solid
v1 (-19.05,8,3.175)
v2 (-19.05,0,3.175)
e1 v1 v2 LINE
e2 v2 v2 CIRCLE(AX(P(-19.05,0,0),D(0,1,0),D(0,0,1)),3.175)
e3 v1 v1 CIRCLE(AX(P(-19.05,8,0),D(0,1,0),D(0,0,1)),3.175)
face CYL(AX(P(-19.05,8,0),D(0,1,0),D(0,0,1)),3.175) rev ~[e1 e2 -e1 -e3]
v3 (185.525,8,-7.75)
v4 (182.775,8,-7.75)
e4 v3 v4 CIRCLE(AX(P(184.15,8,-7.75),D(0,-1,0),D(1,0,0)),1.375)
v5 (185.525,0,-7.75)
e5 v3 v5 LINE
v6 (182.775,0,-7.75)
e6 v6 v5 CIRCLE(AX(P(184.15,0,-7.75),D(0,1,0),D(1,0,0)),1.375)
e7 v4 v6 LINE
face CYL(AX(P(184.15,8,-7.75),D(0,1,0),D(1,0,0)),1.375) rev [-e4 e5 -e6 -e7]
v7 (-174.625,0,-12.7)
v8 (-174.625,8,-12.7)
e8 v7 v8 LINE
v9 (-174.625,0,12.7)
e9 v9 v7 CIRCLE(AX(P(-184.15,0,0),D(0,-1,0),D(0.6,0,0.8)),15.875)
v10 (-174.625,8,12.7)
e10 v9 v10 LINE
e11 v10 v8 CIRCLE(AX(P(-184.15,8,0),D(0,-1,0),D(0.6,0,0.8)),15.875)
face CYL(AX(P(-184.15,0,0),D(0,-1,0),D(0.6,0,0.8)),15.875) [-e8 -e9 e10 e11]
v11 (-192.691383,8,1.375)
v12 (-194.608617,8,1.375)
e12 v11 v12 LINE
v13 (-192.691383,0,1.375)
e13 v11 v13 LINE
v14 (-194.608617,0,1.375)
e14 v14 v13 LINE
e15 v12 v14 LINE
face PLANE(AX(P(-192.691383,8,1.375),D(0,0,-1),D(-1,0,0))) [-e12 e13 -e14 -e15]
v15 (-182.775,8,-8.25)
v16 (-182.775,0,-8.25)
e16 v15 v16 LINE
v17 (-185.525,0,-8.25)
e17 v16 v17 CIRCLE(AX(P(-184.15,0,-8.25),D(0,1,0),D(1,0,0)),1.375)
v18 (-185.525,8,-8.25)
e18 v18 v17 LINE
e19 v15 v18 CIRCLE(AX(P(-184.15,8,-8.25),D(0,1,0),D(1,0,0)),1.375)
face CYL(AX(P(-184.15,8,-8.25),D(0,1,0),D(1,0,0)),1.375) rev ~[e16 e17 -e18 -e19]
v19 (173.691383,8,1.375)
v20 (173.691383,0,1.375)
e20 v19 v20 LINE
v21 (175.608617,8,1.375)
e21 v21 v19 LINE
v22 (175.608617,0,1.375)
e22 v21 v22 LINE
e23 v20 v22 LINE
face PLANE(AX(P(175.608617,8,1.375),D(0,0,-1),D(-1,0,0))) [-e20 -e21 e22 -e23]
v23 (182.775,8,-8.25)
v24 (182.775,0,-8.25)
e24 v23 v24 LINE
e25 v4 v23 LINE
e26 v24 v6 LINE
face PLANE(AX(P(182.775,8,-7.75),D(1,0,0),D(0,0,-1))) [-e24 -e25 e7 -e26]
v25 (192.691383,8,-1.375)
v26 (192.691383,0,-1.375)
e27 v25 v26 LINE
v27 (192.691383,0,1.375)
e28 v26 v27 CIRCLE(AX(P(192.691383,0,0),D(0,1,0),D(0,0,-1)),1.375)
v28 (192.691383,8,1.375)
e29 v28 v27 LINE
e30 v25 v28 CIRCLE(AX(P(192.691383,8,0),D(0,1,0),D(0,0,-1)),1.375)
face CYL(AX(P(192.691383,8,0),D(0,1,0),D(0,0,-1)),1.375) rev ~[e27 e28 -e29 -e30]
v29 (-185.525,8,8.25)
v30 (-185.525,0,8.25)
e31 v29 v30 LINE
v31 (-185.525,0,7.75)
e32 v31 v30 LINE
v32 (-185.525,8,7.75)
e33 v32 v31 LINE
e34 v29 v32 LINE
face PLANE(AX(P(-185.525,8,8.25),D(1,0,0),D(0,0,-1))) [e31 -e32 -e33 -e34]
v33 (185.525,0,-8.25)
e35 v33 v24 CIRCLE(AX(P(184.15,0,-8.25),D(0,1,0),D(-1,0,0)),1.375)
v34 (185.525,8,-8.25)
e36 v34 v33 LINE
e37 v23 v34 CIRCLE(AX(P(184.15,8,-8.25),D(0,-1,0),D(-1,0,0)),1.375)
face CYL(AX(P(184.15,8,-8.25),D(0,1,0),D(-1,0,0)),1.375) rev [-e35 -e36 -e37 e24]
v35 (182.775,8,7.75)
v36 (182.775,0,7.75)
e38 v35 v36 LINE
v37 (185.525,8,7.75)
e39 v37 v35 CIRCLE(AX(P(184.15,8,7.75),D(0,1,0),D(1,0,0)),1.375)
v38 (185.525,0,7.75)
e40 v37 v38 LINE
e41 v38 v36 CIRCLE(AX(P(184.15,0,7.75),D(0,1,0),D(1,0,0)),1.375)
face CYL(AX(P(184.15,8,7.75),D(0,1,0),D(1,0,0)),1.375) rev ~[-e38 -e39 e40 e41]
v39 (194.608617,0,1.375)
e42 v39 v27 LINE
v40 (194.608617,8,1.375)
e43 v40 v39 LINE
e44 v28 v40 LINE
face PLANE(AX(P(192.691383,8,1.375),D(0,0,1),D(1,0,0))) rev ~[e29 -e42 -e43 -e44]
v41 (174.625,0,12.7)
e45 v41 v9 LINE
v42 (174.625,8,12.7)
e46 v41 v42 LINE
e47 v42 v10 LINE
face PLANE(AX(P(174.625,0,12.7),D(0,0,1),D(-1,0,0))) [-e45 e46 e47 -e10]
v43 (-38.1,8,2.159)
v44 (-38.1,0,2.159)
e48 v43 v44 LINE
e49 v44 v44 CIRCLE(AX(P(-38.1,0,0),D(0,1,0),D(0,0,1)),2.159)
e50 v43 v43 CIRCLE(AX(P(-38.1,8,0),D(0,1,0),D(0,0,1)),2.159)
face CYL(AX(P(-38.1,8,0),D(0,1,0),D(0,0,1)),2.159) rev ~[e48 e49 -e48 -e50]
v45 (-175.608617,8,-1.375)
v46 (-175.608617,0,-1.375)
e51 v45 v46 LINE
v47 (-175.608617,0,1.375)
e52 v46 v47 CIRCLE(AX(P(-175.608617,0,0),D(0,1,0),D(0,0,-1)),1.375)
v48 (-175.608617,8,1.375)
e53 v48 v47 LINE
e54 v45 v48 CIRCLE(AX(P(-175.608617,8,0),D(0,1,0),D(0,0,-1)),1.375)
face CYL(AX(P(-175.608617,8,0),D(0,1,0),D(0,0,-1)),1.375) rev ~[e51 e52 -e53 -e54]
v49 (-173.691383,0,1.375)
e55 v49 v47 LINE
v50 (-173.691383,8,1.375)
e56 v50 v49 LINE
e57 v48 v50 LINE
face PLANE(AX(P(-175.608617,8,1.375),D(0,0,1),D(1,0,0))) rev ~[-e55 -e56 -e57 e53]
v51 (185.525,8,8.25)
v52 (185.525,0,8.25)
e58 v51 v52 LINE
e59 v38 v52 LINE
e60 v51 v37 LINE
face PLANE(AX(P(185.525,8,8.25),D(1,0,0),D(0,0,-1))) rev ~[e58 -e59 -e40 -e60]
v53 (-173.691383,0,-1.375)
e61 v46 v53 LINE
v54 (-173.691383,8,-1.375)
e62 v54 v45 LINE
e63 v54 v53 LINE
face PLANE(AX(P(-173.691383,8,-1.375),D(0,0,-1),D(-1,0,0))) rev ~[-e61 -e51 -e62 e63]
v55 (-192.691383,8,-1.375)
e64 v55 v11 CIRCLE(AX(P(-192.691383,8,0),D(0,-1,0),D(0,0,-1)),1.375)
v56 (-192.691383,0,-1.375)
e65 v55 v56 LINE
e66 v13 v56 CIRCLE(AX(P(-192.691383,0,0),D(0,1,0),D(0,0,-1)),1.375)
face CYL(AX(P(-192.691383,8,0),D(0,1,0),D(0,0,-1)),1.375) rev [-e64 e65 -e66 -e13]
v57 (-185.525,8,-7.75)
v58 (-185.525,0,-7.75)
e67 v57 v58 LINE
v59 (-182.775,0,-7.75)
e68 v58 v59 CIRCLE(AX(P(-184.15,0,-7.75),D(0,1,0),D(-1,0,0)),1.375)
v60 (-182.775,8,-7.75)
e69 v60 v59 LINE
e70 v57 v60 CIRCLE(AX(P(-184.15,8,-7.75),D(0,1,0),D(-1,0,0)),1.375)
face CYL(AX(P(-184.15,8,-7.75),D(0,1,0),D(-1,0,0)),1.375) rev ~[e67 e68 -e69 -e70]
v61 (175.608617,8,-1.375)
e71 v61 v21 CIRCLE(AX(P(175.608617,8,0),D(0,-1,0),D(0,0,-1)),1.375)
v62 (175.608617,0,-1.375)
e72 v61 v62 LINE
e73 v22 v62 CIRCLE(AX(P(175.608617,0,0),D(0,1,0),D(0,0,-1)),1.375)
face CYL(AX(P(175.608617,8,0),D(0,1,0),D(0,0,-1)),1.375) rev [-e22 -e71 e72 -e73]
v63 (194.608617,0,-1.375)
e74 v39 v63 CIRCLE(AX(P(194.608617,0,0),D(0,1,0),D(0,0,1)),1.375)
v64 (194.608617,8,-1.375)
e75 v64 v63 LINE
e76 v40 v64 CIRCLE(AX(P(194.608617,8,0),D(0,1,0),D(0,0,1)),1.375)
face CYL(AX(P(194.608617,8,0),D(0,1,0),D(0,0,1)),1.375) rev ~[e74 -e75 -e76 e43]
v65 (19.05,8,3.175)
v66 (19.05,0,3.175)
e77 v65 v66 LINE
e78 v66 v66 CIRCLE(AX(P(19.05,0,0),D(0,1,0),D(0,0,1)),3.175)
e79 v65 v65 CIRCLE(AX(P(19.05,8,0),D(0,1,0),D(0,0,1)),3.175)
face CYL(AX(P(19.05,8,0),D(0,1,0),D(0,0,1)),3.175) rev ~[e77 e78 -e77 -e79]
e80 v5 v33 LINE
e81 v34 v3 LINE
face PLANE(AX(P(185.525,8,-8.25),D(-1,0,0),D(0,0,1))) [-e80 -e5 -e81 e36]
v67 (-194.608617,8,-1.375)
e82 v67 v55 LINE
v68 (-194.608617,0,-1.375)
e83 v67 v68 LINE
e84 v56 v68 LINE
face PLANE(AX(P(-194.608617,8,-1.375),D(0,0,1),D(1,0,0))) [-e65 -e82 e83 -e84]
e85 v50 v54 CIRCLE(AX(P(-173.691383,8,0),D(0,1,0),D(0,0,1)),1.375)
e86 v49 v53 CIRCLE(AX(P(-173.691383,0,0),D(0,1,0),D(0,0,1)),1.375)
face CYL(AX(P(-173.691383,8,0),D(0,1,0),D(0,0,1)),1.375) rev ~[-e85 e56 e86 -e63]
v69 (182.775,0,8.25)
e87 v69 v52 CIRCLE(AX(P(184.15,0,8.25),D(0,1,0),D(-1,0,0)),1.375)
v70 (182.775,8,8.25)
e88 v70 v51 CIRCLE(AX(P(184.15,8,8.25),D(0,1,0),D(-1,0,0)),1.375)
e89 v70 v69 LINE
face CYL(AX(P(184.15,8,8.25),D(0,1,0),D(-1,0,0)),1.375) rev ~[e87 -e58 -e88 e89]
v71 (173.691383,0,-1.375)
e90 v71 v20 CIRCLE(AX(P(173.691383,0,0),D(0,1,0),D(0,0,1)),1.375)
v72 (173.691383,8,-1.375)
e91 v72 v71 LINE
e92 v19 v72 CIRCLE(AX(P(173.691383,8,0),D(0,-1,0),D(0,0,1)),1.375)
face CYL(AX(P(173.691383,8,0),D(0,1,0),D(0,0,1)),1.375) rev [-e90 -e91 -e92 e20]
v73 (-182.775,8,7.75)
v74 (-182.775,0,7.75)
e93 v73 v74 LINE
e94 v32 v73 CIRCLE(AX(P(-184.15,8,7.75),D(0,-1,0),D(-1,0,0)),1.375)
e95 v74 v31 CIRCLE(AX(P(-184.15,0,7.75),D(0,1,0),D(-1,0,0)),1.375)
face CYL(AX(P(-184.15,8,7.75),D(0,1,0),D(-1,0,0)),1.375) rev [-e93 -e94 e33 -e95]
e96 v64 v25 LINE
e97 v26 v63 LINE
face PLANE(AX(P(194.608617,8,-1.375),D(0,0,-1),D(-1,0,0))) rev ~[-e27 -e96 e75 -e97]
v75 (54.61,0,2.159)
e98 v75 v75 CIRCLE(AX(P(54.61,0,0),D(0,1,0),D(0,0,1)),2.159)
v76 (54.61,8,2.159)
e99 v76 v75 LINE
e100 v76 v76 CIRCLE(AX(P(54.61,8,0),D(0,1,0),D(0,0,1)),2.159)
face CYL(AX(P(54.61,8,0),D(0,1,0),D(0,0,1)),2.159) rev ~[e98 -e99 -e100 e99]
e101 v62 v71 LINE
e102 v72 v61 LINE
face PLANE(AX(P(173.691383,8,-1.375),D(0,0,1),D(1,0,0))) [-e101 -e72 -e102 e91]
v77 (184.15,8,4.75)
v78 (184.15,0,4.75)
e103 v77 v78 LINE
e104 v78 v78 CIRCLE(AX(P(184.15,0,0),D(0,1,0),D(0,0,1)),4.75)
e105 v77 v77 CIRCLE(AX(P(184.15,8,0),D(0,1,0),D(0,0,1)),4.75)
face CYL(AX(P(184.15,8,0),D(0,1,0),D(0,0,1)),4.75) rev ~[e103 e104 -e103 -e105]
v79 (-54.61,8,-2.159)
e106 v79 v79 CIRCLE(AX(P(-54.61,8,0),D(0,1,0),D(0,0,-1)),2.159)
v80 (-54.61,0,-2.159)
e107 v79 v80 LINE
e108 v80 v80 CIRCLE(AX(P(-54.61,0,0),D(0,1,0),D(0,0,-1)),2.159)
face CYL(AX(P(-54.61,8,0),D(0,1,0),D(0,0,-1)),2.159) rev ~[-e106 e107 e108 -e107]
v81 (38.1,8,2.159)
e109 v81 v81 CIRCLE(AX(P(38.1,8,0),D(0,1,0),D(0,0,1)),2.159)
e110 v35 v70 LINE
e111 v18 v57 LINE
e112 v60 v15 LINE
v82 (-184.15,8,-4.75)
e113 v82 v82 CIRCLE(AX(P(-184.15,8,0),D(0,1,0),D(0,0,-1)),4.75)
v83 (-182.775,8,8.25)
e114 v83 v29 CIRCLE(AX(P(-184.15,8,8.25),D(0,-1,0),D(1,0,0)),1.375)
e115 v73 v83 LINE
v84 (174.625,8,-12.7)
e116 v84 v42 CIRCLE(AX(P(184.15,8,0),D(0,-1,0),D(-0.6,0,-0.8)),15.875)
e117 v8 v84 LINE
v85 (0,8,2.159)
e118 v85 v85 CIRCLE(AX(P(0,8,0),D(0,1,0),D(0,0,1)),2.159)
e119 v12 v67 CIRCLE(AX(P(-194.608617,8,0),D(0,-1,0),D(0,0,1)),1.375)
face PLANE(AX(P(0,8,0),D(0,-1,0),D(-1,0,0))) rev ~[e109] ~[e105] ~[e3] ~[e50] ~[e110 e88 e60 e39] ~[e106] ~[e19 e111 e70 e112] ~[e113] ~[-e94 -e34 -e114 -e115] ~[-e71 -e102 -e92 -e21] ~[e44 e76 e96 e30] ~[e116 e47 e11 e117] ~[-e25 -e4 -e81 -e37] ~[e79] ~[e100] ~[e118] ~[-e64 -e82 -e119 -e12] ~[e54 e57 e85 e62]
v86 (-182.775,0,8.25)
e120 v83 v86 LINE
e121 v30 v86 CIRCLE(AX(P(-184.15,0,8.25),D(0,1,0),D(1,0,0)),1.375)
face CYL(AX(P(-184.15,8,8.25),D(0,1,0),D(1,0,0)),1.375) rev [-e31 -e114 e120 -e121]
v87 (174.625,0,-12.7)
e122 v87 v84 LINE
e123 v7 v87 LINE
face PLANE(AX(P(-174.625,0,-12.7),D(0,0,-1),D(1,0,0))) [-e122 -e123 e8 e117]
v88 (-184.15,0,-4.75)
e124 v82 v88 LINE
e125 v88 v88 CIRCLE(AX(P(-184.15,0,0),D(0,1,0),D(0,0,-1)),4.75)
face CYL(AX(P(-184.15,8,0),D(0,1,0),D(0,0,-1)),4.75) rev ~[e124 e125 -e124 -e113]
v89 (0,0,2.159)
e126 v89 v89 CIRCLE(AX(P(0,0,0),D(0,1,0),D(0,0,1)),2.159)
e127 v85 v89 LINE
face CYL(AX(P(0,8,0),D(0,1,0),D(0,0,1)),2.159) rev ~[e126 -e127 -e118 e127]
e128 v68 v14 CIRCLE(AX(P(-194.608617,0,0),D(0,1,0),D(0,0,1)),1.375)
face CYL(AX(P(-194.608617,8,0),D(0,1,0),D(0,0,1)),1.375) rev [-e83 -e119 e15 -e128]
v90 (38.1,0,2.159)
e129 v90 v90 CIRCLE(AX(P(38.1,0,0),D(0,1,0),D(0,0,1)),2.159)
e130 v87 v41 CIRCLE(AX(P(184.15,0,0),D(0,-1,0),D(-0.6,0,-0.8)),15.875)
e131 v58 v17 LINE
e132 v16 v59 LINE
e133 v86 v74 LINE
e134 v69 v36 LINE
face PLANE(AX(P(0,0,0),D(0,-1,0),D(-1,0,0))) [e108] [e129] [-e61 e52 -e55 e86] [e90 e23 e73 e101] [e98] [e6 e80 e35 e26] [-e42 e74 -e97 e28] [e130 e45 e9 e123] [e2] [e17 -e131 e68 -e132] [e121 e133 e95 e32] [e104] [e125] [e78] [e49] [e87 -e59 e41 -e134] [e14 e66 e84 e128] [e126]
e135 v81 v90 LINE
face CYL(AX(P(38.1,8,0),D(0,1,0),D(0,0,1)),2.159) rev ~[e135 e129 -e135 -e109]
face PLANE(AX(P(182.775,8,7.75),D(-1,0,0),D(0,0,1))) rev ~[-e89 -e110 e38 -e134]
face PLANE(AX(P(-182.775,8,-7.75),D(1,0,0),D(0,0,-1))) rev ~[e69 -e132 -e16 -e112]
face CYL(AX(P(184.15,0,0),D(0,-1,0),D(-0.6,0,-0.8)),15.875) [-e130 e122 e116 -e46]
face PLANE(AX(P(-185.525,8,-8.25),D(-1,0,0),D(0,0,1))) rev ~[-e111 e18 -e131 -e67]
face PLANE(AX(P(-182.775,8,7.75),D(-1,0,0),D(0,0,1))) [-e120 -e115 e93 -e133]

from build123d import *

# Parameters (mm, degrees)
BOSS_EXTRUDE1_DEPTH = 8
SKETCH2_R           = 4.75
CUT_EXTRUDE1_DEPTH  = 201.81338663
SKETCH3_R           = 2.159
CUT_EXTRUDE2_DEPTH  = 201.81338663
SKETCH4_R           = 3.175
CUT_EXTRUDE3_DEPTH  = 201.81338663
SKETCH5_R           = 2.159
CUT_EXTRUDE4_DEPTH  = 201.81338663


with BuildPart() as part:
    # Sketch1 → Boss-Extrude1 (new body)
    with BuildSketch(Plane(origin=(0, 0, 0), x_dir=(1, 0, 0), z_dir=(0, 1, 0))):
        with BuildLine():
            Line((-174.625, 12.7), (174.625, 12.7))
            ThreePointArc((174.625, 12.7), (200.025, 0), (174.625, -12.7))
            Line((174.625, -12.7), (-174.625, -12.7))
            ThreePointArc((-174.625, -12.7), (-200.025, 0), (-174.625, 12.7))
        make_face()
    extrude(amount=BOSS_EXTRUDE1_DEPTH)

    # Sketch2 → Cut-Extrude1 (cut, through all)
    with BuildSketch(Plane(origin=(0, 8, 0), x_dir=(1, 0, 0), z_dir=(0, 1, 0))):
        with Locations(Location((184.15, 0, 0), (0, 0, 270))):
            Circle(SKETCH2_R)
        with Locations(Location((-184.15, 0, 0), (0, 0, 90))):
            Circle(SKETCH2_R)
        with BuildLine():
            Line((173.691383345, 1.375), (175.608616655, 1.375))
            ThreePointArc((175.608616655, 1.375), (176.983616655, 0), (175.608616655, -1.375))
            Line((175.608616655, -1.375), (173.691383345, -1.375))
            ThreePointArc((173.691383345, -1.375), (172.316383345, 0), (173.691383345, 1.375))
        make_face()
        with BuildLine():
            Line((194.608616655, 1.375), (192.691383345, 1.375))
            ThreePointArc((192.691383345, 1.375), (191.316383345, 0), (192.691383345, -1.375))
            Line((192.691383345, -1.375), (194.608616655, -1.375))
            ThreePointArc((194.608616655, -1.375), (195.983616655, 0), (194.608616655, 1.375))
        make_face()
        with BuildLine():
            Line((185.525, 8.25), (185.525, 7.75))
            ThreePointArc((185.525, 7.75), (184.15, 6.375), (182.775, 7.75))
            Line((182.775, 7.75), (182.775, 8.25))
            ThreePointArc((182.775, 8.25), (184.15, 9.625), (185.525, 8.25))
        make_face()
        with BuildLine():
            Line((185.525, -8.25), (185.525, -7.75))
            ThreePointArc((185.525, -7.75), (184.15, -6.375), (182.775, -7.75))
            Line((182.775, -7.75), (182.775, -8.25))
            ThreePointArc((182.775, -8.25), (184.15, -9.625), (185.525, -8.25))
        make_face()
        with BuildLine():
            Line((-185.525, -8.25), (-185.525, -7.75))
            ThreePointArc((-185.525, -7.75), (-184.15, -6.375), (-182.775, -7.75))
            Line((-182.775, -7.75), (-182.775, -8.25))
            ThreePointArc((-182.775, -8.25), (-184.15, -9.625), (-185.525, -8.25))
        make_face()
        with BuildLine():
            Line((-185.525, 8.25), (-185.525, 7.75))
            ThreePointArc((-185.525, 7.75), (-184.15, 6.375), (-182.775, 7.75))
            Line((-182.775, 7.75), (-182.775, 8.25))
            ThreePointArc((-182.775, 8.25), (-184.15, 9.625), (-185.525, 8.25))
        make_face()
        with BuildLine():
            Line((-194.608616655, 1.375), (-192.691383345, 1.375))
            ThreePointArc((-192.691383345, 1.375), (-191.316383345, 0), (-192.691383345, -1.375))
            Line((-192.691383345, -1.375), (-194.608616655, -1.375))
            ThreePointArc((-194.608616655, -1.375), (-195.983616655, 0), (-194.608616655, 1.375))
        make_face()
        with BuildLine():
            Line((-173.691383345, 1.375), (-175.608616655, 1.375))
            ThreePointArc((-175.608616655, 1.375), (-176.983616655, 0), (-175.608616655, -1.375))
            Line((-175.608616655, -1.375), (-173.691383345, -1.375))
            ThreePointArc((-173.691383345, -1.375), (-172.316383345, 0), (-173.691383345, 1.375))
        make_face()
    extrude(amount=-CUT_EXTRUDE1_DEPTH, mode=Mode.SUBTRACT)

    # Sketch3 → Cut-Extrude2 (cut, through all)
    with BuildSketch(Plane(origin=(0, 8, 0), x_dir=(1, 0, 0), z_dir=(0, 1, 0))):
        with Locations(Location((0, 0, 0), (0, 0, 270))):
            Circle(SKETCH3_R)
        with Locations(Location((38.1, 0, 0), (0, 0, 270))):
            Circle(SKETCH3_R)
        with Locations(Location((-38.1, 0, 0), (0, 0, 270))):
            Circle(SKETCH3_R)
    extrude(amount=-CUT_EXTRUDE2_DEPTH, mode=Mode.SUBTRACT)

    # Sketch4 → Cut-Extrude3 (cut, through all)
    with BuildSketch(Plane(origin=(0, 8, 0), x_dir=(1, 0, 0), z_dir=(0, 1, 0))):
        with Locations(Location((-19.05, 0, 0), (0, 0, 270))):
            Circle(SKETCH4_R)
        with Locations(Location((19.05, 0, 0), (0, 0, 270))):
            Circle(SKETCH4_R)
    extrude(amount=-CUT_EXTRUDE3_DEPTH, mode=Mode.SUBTRACT)

    # Sketch5 → Cut-Extrude4 (cut, through all)
    with BuildSketch(Plane(origin=(0, 8, 0), x_dir=(1, 0, 0), z_dir=(0, 1, 0))):
        with Locations(Location((54.61, 0, 0), (0, 0, 270))):
            Circle(SKETCH5_R)
        with Locations(Location((-54.61, 0, 0), (0, 0, 90))):
            Circle(SKETCH5_R)
    extrude(amount=-CUT_EXTRUDE4_DEPTH, mode=Mode.SUBTRACT)


solid = part.part
